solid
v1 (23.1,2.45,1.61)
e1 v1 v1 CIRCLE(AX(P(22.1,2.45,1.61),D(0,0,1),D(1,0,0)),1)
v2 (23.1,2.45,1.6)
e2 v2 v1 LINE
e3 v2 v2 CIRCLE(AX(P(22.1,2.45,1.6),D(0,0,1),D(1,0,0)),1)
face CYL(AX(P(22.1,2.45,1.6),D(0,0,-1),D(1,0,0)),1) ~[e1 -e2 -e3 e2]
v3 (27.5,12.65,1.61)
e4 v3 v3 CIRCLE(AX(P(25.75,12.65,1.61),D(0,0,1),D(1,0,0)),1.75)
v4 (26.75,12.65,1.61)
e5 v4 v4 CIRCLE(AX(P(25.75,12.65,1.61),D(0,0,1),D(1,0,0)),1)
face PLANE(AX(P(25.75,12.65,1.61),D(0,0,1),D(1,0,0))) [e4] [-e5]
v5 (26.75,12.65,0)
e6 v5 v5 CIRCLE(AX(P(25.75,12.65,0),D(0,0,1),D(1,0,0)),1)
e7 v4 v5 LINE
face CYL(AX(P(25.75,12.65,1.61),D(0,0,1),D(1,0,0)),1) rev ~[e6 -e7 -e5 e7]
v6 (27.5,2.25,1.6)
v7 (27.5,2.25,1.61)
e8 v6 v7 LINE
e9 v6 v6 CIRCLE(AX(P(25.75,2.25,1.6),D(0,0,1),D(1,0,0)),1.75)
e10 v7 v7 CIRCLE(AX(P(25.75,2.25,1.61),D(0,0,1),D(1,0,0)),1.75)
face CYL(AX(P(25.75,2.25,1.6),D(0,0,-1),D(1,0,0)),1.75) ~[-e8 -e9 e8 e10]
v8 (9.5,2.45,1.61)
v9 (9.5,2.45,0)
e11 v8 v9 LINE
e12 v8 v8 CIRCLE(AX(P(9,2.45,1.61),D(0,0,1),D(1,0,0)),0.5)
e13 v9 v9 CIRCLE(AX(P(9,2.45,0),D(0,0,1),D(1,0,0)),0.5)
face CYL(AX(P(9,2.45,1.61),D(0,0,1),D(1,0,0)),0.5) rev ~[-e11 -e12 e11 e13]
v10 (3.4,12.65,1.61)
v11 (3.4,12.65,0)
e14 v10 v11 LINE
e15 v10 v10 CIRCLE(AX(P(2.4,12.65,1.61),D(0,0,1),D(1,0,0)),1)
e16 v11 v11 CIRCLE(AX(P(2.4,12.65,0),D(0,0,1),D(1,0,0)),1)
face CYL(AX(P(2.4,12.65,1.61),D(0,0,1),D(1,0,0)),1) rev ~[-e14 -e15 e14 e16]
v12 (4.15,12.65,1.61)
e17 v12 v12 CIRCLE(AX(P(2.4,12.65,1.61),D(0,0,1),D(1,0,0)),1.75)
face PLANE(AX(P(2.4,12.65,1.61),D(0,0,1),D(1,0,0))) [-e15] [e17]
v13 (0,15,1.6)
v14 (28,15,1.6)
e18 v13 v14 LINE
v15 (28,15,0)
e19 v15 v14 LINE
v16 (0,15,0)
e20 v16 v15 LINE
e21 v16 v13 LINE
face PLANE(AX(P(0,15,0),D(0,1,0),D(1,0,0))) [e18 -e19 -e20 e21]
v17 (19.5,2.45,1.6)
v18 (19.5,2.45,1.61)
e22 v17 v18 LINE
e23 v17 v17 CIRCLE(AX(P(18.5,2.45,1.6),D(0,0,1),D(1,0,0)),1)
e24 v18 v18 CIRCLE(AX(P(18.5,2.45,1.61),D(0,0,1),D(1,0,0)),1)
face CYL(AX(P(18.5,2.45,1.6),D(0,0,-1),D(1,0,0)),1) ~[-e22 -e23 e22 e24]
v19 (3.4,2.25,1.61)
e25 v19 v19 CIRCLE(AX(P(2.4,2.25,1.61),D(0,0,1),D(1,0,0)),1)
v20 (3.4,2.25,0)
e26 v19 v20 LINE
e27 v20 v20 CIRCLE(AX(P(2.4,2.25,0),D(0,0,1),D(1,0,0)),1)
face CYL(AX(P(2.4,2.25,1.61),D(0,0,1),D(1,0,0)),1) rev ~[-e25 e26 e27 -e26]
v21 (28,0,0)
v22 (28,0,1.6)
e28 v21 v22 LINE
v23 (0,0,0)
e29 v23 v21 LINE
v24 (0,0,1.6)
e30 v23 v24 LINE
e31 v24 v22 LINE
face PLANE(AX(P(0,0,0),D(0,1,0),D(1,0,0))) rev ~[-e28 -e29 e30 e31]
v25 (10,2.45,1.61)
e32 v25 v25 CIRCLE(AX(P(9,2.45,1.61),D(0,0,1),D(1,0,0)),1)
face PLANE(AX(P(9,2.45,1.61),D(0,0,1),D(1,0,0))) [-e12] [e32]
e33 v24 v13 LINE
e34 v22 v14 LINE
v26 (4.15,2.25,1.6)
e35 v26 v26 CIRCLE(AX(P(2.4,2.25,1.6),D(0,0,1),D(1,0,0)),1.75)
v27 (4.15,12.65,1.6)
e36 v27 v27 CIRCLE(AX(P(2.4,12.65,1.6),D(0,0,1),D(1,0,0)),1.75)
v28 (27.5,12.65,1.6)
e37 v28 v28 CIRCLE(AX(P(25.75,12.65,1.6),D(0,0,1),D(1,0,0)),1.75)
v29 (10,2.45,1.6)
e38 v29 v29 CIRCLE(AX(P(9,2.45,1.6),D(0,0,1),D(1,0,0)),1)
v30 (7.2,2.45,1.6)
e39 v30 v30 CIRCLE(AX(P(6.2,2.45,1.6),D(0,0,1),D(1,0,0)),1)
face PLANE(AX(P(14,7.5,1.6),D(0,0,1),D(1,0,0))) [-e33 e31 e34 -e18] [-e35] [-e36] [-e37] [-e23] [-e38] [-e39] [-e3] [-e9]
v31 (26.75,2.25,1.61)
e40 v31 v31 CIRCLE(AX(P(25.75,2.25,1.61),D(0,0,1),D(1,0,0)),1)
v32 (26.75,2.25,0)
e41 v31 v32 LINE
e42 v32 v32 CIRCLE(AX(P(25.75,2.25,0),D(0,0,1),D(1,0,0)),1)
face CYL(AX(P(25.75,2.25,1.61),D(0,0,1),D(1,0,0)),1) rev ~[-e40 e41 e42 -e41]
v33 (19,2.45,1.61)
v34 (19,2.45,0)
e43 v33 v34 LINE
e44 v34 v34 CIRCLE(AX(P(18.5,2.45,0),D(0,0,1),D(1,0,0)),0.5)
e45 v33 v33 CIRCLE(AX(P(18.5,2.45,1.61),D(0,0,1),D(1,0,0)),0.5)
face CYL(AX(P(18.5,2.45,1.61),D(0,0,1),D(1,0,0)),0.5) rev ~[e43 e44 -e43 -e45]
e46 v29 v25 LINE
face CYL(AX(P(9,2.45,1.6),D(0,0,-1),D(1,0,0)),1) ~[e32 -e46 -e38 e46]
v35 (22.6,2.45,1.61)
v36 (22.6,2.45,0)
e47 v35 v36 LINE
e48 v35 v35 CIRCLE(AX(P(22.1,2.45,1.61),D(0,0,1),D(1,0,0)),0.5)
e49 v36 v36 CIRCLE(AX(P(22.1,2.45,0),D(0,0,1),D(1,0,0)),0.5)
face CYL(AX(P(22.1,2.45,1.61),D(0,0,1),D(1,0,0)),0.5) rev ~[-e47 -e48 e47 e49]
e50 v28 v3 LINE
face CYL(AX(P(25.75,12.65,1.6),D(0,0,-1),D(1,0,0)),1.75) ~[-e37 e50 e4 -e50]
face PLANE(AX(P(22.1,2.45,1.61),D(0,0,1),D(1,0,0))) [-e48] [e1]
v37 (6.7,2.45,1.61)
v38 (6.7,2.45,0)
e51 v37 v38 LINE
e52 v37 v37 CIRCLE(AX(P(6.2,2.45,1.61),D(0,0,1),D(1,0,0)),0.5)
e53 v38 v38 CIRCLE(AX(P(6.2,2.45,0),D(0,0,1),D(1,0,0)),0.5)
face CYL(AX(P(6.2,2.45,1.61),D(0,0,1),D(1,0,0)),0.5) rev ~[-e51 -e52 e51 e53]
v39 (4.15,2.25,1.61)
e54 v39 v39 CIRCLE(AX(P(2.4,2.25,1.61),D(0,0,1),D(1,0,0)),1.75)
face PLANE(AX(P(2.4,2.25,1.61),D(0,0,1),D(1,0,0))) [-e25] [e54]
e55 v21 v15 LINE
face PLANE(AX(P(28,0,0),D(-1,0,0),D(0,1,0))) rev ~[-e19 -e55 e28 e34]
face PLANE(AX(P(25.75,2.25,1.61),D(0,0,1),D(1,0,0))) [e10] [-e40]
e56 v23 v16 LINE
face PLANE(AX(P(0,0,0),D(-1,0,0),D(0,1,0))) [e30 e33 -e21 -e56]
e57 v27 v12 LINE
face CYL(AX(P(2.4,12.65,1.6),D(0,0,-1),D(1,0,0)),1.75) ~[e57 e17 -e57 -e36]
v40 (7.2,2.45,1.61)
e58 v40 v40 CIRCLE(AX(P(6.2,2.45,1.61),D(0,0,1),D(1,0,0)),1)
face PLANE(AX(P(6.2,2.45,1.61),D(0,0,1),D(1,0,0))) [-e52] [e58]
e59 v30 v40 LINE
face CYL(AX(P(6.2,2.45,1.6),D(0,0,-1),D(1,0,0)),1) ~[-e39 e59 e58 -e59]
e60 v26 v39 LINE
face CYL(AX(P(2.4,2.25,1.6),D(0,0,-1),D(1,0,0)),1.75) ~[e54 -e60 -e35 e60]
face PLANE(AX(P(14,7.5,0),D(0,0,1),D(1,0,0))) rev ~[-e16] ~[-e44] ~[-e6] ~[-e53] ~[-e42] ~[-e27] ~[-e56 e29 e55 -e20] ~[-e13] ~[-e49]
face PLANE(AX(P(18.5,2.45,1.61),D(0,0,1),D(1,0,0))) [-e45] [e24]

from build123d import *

# Parameters (mm, degrees)
BOX_W         = 28
BOX_H         = 15
BOX_DEPTH     = 1.6
SKETCH_R      = 1.75
SKETCH_R_2    = 1
PAD_DEPTH     = 0.01
SKETCH001_R   = 1
SKETCH001_R_2 = 0.5
POCKET_DEPTH  = 1.611


with BuildPart() as part:
    # Box → Box (new body)
    with BuildSketch(Plane.XY):
        with Locations((14, 7.5)):
            Rectangle(BOX_W, BOX_H)
    extrude(amount=BOX_DEPTH)

    # Sketch → Pad (new body)
    with BuildSketch(Plane.XY.offset(1.6)):
        with Locations((2.4, 2.25)):
            Circle(SKETCH_R)
        with Locations((25.75, 2.25)):
            Circle(SKETCH_R)
        with Locations((2.4, 12.65)):
            Circle(SKETCH_R)
        with Locations((25.75, 12.65)):
            Circle(SKETCH_R)
        with Locations((6.2, 2.45)):
            Circle(SKETCH_R_2)
        with Locations((9, 2.45)):
            Circle(SKETCH_R_2)
        with Locations((18.5, 2.45)):
            Circle(SKETCH_R_2)
        with Locations((22.1, 2.45)):
            Circle(SKETCH_R_2)
    extrude(amount=PAD_DEPTH)

    # Sketch001 → Pocket (cut, through all)
    with BuildSketch(Plane.XY.offset(1.61)):
        with Locations((2.4, 2.25)):
            Circle(SKETCH001_R)
        with Locations((2.4, 12.65)):
            Circle(SKETCH001_R)
        with Locations((25.75, 12.65)):
            Circle(SKETCH001_R)
        with Locations((25.75, 2.25)):
            Circle(SKETCH001_R)
        with Locations((6.2, 2.45)):
            Circle(SKETCH001_R_2)
        with Locations((9, 2.45)):
            Circle(SKETCH001_R_2)
        with Locations((18.5, 2.45)):
            Circle(SKETCH001_R_2)
        with Locations((22.1, 2.45)):
            Circle(SKETCH001_R_2)
    extrude(amount=-POCKET_DEPTH, mode=Mode.SUBTRACT)


solid = part.part
